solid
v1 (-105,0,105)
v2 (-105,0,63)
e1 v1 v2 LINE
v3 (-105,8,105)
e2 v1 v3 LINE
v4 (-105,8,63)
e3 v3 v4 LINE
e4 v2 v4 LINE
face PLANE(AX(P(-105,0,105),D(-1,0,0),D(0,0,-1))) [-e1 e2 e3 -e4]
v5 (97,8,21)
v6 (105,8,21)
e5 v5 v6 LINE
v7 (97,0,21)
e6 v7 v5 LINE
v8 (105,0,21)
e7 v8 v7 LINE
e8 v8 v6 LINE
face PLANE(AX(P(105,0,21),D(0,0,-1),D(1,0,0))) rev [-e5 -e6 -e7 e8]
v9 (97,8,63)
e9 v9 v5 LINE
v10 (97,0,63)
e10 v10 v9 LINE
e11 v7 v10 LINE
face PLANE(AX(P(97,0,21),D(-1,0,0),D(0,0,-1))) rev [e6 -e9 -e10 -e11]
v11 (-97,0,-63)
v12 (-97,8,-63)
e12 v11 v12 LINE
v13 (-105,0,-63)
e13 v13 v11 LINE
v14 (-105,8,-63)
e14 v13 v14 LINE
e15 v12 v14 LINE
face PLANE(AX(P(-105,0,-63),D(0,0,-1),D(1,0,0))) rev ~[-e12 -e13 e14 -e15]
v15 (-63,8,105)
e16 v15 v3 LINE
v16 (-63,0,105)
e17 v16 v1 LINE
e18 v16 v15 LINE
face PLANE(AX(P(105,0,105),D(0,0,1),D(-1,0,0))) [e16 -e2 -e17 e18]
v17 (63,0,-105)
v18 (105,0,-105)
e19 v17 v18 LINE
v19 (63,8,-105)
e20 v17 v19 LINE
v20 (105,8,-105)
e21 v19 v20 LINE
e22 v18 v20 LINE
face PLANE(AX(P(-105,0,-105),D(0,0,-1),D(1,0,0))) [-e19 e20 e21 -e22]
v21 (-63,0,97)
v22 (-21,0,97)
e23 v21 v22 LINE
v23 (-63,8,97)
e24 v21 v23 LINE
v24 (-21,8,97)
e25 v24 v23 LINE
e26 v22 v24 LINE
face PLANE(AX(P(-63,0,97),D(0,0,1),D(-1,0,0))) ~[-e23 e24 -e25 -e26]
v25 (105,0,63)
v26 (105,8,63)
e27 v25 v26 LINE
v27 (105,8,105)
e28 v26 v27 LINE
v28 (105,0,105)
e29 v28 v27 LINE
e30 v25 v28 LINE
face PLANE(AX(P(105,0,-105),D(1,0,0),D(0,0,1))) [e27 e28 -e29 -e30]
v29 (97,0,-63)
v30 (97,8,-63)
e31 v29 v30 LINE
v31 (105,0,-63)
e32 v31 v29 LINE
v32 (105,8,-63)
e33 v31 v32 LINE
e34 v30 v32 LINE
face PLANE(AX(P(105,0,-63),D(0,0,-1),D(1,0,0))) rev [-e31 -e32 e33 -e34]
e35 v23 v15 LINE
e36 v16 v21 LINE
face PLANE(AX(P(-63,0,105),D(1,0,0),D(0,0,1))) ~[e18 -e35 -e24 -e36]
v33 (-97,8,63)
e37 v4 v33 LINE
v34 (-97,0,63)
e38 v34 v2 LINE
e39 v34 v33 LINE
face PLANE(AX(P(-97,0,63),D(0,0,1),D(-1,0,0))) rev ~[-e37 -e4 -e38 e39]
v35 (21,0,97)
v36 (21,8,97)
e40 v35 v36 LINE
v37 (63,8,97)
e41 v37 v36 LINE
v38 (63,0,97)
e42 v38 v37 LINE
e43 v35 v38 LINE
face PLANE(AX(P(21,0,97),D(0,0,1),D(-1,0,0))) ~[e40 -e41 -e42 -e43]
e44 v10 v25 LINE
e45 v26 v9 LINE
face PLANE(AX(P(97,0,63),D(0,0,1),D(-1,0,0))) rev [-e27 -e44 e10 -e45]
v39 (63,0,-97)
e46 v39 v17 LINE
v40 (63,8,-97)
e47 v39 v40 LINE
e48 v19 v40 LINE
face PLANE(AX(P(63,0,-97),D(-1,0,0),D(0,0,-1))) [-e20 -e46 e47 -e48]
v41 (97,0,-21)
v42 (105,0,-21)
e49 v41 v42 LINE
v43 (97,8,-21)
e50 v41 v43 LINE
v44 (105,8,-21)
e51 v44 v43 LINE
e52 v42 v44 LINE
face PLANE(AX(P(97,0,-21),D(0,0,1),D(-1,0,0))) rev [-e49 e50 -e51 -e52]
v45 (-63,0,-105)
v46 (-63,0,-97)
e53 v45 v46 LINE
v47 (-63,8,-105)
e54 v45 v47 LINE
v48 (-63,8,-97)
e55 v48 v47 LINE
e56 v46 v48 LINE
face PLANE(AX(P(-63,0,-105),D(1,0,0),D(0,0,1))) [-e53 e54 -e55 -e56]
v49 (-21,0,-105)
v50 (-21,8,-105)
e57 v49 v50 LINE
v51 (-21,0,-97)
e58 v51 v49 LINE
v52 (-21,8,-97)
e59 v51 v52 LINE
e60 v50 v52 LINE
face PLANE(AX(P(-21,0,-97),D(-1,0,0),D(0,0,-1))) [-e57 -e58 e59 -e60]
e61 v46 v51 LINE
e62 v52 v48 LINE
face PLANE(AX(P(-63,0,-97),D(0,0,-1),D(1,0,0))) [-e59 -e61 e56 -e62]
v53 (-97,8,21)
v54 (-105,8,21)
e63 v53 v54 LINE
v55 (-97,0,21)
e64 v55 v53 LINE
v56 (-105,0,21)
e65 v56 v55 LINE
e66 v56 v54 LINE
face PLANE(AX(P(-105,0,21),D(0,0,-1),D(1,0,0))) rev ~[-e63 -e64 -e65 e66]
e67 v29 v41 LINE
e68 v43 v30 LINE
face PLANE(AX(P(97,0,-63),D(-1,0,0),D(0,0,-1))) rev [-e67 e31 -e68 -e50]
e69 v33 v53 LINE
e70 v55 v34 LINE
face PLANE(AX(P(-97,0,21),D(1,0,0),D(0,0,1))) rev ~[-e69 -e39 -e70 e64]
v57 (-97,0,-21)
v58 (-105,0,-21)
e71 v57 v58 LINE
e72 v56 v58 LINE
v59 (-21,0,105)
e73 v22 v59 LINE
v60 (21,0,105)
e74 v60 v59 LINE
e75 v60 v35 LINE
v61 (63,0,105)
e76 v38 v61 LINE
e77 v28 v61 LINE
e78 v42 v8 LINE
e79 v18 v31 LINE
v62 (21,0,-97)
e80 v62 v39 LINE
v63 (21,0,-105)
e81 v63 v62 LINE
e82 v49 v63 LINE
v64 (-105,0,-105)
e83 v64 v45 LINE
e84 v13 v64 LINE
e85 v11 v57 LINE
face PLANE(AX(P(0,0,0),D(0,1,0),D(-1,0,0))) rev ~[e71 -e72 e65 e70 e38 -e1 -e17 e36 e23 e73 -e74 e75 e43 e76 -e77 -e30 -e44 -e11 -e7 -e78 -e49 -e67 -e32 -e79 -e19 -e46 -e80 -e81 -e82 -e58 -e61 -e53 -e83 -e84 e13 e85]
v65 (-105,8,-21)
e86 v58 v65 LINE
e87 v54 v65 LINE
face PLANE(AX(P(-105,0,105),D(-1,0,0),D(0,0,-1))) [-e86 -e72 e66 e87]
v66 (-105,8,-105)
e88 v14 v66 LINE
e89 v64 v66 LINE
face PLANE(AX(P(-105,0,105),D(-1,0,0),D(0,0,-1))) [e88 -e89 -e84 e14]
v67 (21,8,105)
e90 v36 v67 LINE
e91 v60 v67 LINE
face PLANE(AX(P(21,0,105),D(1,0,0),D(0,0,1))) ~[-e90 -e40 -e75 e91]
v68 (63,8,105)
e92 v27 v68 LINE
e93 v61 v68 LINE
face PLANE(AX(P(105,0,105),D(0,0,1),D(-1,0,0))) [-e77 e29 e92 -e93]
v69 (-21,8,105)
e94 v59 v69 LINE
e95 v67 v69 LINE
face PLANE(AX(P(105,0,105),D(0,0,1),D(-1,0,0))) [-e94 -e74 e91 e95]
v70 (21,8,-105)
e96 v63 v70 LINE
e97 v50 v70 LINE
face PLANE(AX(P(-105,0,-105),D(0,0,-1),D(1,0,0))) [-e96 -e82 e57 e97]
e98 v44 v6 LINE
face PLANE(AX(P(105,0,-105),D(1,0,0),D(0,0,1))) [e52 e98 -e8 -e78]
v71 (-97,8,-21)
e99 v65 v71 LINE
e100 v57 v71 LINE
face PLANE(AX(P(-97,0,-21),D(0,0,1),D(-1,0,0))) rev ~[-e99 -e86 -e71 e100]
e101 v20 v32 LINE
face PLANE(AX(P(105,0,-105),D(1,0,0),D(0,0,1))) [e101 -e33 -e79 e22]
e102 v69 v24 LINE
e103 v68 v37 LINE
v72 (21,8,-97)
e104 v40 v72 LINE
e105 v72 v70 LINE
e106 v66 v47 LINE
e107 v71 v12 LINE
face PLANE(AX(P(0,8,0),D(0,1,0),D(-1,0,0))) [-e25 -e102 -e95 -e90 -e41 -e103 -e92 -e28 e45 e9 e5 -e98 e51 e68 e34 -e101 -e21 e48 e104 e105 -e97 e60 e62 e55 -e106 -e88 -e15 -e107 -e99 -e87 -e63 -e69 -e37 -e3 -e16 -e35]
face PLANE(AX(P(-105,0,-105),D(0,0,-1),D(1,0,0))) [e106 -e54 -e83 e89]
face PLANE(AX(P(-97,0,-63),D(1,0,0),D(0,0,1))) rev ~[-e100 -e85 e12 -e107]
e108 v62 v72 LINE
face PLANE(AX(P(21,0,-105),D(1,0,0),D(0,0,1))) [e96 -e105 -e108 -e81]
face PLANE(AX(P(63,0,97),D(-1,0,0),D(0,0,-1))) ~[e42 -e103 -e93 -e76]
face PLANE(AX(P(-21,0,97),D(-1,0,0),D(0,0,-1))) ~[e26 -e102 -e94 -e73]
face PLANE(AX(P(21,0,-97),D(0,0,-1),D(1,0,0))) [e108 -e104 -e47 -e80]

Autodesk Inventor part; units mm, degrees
ref_plane "YZ Plane" through (0, 0, 0) normal (1, 0, 0) x (0, 1, 0)
ref_plane "XZ Plane" through (0, 0, 0) normal (0, 1, 0) x (-1, 0, 0)
ref_plane "XY Plane" through (0, 0, 0) normal (0, 0, 1) x (1, 0, 0)
sketch "Sketch2" plane through (0, 0, 0) normal (0, 1, 0) x (-1, 0, 0)
  line L0 (-105, 105) -> (105, 105)
  line L1 (105, 105) -> (105, -105)
  line L2 (105, -105) -> (-105, -105)
  line L3 (-105, -105) -> (-105, 105)
  line L4 (-105, 105) -> (105, -105) construction
  line L5 (105, 105) -> (-105, -105) construction
  point P0 (0, 0)
  dimension "d11" = 210
  dimension "d12" = 210
extrude "Extrusion2" add sketch "Sketch2" along normal blind 8
sketch "Sketch4" plane through (0, 0, 0) normal (0, -1, 0) x (1, 0, 0)
  line L0 (105, 105) -> (-105, 105) projected
  line L1 (-105, 105) -> (-105, -105) projected
  line L2 (-105, -105) -> (105, -105) projected
  line L3 (105, -105) -> (105, 105) projected
  line L4 (-105, -63) -> (-97, -63)
  line L5 (-97, -63) -> (-97, -21)
  line L6 (-97, -21) -> (-105, -21)
  line L7 (-105, -21) -> (-105, -63)
  line L8 (-105, 21) -> (-97, 21)
  line L9 (-97, 21) -> (-97, 63)
  line L10 (-97, 63) -> (-105, 63)
  line L11 (-105, 63) -> (-105, 21)
  line L12 (-97, -21) -> (-97, 21) construction
  line L13 (-97, 63) -> (-97, 105) construction
  line L14 (-97, -63) -> (-97, -105)
  point P0 (0, 0)
  dimension "d27" = 8
extrude "Extrusion3" cut sketch "Sketch4" against normal through all contours L10 L9 L8 L1 | L4 L1 L6 L5
sketch "Sketch5" plane through (0, 0, 0) normal (0, -1, 0) x (1, 0, 0)
  line L0 (-97, 21) -> (-105, 21) projected
  line L1 (-105, 21) -> (-105, -21) projected
  line L2 (-105, -21) -> (-97, -21) projected
  line L3 (-97, -21) -> (-97, -63) projected
  line L4 (-97, -63) -> (-105, -63) projected
  line L5 (-105, -63) -> (-105, -105) projected
  line L6 (-105, -105) -> (105, -105) projected
  line L7 (105, -105) -> (105, 105) projected
  line L8 (105, 105) -> (-105, 105) projected
  line L9 (-105, 105) -> (-105, 63) projected
  line L10 (-105, 63) -> (-97, 63) projected
  line L11 (-97, 63) -> (-97, 21) projected
  line L12 (63, -105) -> (21, -105)
  line L13 (21, -105) -> (21, -97)
  line L14 (21, -97) -> (63, -97)
  line L15 (63, -97) -> (63, -105)
  line L16 (-21, -105) -> (-63, -105)
  line L17 (-63, -105) -> (-63, -97)
  line L18 (-63, -97) -> (-21, -97)
  line L19 (-21, -97) -> (-21, -105)
  line L20 (63, -97) -> (105, -97) construction
  line L21 (21, -97) -> (-21, -97) construction
  line L22 (-63, -97) -> (-105, -97) construction
  point P0 (0, 0)
  dimension "d31" = 8
extrude "Extrusion4" cut sketch "Sketch5" against normal through all contours L6 L13 L14 L15 | L17 L18 L19 L6
mirror "Mirror1" about plane through (0, 0, 0) normal (1, 0, 0) of "Extrusion3"
mirror "Mirror2" about plane through (0, 0, 0) normal (0, 0, 1) of "Extrusion4"
equation "\"d11\" = d12"
properties part number "M01 - Base Top" material "Wood (Walnut)"
